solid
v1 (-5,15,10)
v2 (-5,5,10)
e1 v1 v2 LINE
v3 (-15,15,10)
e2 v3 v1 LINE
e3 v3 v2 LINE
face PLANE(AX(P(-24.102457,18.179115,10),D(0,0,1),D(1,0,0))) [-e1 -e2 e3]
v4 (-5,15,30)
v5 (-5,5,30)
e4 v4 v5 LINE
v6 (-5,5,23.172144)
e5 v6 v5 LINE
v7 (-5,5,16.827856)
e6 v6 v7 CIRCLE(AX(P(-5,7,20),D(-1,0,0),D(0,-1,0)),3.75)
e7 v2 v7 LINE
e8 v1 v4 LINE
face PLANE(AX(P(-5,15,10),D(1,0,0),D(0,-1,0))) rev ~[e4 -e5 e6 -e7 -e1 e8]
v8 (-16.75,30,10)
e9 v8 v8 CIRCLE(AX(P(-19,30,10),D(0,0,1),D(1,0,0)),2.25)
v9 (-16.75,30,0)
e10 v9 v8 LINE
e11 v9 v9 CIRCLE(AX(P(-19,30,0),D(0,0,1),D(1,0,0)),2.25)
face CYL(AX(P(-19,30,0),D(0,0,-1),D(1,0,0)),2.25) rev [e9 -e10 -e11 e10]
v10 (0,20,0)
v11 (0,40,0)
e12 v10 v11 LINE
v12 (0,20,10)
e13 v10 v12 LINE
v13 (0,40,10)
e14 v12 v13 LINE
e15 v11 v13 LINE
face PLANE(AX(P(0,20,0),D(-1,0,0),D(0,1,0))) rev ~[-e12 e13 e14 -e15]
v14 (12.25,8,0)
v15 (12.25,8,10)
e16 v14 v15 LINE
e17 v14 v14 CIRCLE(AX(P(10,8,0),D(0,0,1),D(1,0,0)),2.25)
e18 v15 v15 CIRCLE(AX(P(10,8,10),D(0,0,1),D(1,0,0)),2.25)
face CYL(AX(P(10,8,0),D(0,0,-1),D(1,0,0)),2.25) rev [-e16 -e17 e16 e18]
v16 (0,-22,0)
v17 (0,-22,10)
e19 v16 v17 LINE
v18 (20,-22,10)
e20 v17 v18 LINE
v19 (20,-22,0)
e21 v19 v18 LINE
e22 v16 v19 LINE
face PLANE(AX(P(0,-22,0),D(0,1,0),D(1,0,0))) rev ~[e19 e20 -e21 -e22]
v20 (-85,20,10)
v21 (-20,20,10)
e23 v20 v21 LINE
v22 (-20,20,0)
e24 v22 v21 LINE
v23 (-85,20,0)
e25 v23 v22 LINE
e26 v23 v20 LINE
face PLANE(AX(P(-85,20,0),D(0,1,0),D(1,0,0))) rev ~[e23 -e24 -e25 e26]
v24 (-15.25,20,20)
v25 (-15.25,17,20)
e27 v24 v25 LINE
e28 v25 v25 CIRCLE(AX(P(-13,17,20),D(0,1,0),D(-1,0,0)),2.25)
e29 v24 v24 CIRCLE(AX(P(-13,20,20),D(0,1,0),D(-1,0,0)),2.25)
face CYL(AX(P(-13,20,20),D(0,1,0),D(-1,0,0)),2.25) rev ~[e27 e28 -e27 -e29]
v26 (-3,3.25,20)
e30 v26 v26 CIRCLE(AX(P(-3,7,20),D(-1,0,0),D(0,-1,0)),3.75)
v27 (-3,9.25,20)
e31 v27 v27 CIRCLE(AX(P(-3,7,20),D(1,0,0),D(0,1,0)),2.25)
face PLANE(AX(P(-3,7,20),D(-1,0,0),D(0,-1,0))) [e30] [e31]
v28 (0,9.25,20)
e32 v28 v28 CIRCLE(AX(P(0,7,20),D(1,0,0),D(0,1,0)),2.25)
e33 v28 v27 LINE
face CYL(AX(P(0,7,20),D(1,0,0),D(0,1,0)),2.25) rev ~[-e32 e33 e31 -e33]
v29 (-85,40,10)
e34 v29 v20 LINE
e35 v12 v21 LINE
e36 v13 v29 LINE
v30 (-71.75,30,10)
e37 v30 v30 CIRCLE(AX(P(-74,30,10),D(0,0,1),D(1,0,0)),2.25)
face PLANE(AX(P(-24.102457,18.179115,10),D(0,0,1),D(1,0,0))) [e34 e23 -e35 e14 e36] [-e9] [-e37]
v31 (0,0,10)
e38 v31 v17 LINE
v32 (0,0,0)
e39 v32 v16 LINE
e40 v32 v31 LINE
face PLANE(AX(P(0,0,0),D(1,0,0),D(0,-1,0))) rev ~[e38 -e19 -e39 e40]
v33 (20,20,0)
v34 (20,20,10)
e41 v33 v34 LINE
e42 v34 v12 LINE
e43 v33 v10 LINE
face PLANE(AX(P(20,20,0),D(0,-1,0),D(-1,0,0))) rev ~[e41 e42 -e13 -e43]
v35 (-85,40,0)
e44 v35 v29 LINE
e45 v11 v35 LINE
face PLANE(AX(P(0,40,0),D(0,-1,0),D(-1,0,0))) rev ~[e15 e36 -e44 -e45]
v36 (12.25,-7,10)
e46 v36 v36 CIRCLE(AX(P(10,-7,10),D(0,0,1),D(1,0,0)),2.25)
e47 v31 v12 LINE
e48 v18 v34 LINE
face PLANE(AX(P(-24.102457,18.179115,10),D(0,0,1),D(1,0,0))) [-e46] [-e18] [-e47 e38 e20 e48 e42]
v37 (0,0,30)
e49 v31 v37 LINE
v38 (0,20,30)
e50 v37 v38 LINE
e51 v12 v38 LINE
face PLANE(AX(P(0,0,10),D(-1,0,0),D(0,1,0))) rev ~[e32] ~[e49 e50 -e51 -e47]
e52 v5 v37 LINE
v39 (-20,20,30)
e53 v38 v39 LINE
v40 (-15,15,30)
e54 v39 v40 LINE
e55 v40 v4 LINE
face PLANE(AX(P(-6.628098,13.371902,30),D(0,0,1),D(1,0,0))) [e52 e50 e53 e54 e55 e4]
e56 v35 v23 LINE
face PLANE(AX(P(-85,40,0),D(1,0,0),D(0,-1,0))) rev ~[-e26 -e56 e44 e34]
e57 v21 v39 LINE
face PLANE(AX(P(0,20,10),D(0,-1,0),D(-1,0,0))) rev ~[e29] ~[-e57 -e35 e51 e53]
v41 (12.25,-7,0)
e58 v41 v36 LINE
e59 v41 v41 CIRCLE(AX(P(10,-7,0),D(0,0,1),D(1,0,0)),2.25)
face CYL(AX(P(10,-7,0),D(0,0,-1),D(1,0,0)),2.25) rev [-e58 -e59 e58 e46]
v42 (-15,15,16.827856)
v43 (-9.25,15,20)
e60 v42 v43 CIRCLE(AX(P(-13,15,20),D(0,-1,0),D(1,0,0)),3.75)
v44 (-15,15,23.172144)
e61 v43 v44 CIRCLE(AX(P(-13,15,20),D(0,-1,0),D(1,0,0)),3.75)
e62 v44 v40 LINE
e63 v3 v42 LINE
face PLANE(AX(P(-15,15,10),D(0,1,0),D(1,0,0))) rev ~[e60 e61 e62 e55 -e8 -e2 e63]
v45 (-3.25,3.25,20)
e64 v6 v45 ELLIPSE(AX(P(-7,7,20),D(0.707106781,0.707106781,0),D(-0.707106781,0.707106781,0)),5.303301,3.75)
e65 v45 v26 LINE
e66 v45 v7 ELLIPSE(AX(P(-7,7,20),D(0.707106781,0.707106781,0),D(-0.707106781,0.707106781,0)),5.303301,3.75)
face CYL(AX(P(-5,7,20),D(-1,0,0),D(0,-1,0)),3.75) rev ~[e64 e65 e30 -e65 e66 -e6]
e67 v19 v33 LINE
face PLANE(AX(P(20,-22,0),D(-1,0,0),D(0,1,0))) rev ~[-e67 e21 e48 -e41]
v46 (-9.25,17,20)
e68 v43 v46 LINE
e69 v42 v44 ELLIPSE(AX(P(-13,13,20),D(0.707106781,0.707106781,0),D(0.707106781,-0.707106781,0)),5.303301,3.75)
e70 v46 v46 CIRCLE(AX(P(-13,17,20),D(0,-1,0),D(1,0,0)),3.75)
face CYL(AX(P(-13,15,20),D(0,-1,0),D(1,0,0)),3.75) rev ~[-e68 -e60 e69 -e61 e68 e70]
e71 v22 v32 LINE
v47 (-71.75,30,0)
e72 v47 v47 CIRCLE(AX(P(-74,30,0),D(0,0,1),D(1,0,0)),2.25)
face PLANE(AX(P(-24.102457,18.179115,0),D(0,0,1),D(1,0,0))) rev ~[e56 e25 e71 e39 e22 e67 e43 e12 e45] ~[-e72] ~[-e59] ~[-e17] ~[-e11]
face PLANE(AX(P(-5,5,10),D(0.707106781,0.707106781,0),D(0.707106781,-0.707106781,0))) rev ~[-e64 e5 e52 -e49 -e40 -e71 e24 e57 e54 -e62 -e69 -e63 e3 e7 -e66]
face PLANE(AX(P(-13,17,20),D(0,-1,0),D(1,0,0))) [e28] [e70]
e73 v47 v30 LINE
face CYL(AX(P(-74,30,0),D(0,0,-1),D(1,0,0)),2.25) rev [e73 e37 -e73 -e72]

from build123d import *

# Parameters (mm, degrees)
F0_R      = 2.25
F1_DEPTH  = 10
F3_DEPTH  = 20
F4_R      = 2.25
F5_DEPTH  = 5
F6_R      = 2.25
F7_DEPTH  = 10
F8_R      = 3.75
F9_DEPTH  = 2
F10_R     = 3.75
F11_DEPTH = 2


with BuildPart() as f1:
    # F0 (on Top) → F1 (new body)
    with BuildSketch(Plane.XY):
        Polygon((-20, 20), (0, 0), (0, -22), (20, -22), (20, 20), (0, 20), (0, 40), (-85, 40), (-85, 20), align=None)
        with Locations((10, -7)):
            Circle(F0_R, mode=Mode.SUBTRACT)
        with Locations((10, 8)):
            Circle(F0_R, mode=Mode.SUBTRACT)
        with Locations((-74, 30)):
            Circle(F0_R, mode=Mode.SUBTRACT)
        with Locations((-19, 30)):
            Circle(F0_R, mode=Mode.SUBTRACT)
    extrude(amount=F1_DEPTH)

    # F2 (on face) → F3 (join)
    with BuildSketch(Plane.XY.offset(10)):
        Polygon((0, 0), (0, 20), (-20, 20), (-15, 15), (-10, 15), (-5, 15), (-5, 10), (-5, 5), align=None)
    extrude(amount=F3_DEPTH)

    # F4 (on face) → F5 (cut)
    with BuildSketch(Plane.YZ):
        with Locations((7, 20)):
            Circle(F4_R)
    extrude(amount=-F5_DEPTH, mode=Mode.SUBTRACT)

    # F6 (on face) → F7 (cut)
    with BuildSketch(Plane(origin=(0, 20, 0), x_dir=(-1, 0, 0), z_dir=(0, 1, 0))):
        with Locations((13, 20)):
            Circle(F6_R)
    extrude(amount=-F7_DEPTH, mode=Mode.SUBTRACT)

    # F8 (on face) → F9 (cut)
    with BuildSketch(Plane.XZ.offset(-15)):
        with Locations((-13, 20)):
            Circle(F8_R)
    extrude(amount=-F9_DEPTH, mode=Mode.SUBTRACT)

    # F10 (on face) → F11 (cut)
    with BuildSketch(Plane(origin=(-5, 0, 0), x_dir=(0, -1, 0), z_dir=(-1, 0, 0))):
        with Locations((-7, 20)):
            Circle(F10_R)
    extrude(amount=-F11_DEPTH, mode=Mode.SUBTRACT)


solid = f1.part
